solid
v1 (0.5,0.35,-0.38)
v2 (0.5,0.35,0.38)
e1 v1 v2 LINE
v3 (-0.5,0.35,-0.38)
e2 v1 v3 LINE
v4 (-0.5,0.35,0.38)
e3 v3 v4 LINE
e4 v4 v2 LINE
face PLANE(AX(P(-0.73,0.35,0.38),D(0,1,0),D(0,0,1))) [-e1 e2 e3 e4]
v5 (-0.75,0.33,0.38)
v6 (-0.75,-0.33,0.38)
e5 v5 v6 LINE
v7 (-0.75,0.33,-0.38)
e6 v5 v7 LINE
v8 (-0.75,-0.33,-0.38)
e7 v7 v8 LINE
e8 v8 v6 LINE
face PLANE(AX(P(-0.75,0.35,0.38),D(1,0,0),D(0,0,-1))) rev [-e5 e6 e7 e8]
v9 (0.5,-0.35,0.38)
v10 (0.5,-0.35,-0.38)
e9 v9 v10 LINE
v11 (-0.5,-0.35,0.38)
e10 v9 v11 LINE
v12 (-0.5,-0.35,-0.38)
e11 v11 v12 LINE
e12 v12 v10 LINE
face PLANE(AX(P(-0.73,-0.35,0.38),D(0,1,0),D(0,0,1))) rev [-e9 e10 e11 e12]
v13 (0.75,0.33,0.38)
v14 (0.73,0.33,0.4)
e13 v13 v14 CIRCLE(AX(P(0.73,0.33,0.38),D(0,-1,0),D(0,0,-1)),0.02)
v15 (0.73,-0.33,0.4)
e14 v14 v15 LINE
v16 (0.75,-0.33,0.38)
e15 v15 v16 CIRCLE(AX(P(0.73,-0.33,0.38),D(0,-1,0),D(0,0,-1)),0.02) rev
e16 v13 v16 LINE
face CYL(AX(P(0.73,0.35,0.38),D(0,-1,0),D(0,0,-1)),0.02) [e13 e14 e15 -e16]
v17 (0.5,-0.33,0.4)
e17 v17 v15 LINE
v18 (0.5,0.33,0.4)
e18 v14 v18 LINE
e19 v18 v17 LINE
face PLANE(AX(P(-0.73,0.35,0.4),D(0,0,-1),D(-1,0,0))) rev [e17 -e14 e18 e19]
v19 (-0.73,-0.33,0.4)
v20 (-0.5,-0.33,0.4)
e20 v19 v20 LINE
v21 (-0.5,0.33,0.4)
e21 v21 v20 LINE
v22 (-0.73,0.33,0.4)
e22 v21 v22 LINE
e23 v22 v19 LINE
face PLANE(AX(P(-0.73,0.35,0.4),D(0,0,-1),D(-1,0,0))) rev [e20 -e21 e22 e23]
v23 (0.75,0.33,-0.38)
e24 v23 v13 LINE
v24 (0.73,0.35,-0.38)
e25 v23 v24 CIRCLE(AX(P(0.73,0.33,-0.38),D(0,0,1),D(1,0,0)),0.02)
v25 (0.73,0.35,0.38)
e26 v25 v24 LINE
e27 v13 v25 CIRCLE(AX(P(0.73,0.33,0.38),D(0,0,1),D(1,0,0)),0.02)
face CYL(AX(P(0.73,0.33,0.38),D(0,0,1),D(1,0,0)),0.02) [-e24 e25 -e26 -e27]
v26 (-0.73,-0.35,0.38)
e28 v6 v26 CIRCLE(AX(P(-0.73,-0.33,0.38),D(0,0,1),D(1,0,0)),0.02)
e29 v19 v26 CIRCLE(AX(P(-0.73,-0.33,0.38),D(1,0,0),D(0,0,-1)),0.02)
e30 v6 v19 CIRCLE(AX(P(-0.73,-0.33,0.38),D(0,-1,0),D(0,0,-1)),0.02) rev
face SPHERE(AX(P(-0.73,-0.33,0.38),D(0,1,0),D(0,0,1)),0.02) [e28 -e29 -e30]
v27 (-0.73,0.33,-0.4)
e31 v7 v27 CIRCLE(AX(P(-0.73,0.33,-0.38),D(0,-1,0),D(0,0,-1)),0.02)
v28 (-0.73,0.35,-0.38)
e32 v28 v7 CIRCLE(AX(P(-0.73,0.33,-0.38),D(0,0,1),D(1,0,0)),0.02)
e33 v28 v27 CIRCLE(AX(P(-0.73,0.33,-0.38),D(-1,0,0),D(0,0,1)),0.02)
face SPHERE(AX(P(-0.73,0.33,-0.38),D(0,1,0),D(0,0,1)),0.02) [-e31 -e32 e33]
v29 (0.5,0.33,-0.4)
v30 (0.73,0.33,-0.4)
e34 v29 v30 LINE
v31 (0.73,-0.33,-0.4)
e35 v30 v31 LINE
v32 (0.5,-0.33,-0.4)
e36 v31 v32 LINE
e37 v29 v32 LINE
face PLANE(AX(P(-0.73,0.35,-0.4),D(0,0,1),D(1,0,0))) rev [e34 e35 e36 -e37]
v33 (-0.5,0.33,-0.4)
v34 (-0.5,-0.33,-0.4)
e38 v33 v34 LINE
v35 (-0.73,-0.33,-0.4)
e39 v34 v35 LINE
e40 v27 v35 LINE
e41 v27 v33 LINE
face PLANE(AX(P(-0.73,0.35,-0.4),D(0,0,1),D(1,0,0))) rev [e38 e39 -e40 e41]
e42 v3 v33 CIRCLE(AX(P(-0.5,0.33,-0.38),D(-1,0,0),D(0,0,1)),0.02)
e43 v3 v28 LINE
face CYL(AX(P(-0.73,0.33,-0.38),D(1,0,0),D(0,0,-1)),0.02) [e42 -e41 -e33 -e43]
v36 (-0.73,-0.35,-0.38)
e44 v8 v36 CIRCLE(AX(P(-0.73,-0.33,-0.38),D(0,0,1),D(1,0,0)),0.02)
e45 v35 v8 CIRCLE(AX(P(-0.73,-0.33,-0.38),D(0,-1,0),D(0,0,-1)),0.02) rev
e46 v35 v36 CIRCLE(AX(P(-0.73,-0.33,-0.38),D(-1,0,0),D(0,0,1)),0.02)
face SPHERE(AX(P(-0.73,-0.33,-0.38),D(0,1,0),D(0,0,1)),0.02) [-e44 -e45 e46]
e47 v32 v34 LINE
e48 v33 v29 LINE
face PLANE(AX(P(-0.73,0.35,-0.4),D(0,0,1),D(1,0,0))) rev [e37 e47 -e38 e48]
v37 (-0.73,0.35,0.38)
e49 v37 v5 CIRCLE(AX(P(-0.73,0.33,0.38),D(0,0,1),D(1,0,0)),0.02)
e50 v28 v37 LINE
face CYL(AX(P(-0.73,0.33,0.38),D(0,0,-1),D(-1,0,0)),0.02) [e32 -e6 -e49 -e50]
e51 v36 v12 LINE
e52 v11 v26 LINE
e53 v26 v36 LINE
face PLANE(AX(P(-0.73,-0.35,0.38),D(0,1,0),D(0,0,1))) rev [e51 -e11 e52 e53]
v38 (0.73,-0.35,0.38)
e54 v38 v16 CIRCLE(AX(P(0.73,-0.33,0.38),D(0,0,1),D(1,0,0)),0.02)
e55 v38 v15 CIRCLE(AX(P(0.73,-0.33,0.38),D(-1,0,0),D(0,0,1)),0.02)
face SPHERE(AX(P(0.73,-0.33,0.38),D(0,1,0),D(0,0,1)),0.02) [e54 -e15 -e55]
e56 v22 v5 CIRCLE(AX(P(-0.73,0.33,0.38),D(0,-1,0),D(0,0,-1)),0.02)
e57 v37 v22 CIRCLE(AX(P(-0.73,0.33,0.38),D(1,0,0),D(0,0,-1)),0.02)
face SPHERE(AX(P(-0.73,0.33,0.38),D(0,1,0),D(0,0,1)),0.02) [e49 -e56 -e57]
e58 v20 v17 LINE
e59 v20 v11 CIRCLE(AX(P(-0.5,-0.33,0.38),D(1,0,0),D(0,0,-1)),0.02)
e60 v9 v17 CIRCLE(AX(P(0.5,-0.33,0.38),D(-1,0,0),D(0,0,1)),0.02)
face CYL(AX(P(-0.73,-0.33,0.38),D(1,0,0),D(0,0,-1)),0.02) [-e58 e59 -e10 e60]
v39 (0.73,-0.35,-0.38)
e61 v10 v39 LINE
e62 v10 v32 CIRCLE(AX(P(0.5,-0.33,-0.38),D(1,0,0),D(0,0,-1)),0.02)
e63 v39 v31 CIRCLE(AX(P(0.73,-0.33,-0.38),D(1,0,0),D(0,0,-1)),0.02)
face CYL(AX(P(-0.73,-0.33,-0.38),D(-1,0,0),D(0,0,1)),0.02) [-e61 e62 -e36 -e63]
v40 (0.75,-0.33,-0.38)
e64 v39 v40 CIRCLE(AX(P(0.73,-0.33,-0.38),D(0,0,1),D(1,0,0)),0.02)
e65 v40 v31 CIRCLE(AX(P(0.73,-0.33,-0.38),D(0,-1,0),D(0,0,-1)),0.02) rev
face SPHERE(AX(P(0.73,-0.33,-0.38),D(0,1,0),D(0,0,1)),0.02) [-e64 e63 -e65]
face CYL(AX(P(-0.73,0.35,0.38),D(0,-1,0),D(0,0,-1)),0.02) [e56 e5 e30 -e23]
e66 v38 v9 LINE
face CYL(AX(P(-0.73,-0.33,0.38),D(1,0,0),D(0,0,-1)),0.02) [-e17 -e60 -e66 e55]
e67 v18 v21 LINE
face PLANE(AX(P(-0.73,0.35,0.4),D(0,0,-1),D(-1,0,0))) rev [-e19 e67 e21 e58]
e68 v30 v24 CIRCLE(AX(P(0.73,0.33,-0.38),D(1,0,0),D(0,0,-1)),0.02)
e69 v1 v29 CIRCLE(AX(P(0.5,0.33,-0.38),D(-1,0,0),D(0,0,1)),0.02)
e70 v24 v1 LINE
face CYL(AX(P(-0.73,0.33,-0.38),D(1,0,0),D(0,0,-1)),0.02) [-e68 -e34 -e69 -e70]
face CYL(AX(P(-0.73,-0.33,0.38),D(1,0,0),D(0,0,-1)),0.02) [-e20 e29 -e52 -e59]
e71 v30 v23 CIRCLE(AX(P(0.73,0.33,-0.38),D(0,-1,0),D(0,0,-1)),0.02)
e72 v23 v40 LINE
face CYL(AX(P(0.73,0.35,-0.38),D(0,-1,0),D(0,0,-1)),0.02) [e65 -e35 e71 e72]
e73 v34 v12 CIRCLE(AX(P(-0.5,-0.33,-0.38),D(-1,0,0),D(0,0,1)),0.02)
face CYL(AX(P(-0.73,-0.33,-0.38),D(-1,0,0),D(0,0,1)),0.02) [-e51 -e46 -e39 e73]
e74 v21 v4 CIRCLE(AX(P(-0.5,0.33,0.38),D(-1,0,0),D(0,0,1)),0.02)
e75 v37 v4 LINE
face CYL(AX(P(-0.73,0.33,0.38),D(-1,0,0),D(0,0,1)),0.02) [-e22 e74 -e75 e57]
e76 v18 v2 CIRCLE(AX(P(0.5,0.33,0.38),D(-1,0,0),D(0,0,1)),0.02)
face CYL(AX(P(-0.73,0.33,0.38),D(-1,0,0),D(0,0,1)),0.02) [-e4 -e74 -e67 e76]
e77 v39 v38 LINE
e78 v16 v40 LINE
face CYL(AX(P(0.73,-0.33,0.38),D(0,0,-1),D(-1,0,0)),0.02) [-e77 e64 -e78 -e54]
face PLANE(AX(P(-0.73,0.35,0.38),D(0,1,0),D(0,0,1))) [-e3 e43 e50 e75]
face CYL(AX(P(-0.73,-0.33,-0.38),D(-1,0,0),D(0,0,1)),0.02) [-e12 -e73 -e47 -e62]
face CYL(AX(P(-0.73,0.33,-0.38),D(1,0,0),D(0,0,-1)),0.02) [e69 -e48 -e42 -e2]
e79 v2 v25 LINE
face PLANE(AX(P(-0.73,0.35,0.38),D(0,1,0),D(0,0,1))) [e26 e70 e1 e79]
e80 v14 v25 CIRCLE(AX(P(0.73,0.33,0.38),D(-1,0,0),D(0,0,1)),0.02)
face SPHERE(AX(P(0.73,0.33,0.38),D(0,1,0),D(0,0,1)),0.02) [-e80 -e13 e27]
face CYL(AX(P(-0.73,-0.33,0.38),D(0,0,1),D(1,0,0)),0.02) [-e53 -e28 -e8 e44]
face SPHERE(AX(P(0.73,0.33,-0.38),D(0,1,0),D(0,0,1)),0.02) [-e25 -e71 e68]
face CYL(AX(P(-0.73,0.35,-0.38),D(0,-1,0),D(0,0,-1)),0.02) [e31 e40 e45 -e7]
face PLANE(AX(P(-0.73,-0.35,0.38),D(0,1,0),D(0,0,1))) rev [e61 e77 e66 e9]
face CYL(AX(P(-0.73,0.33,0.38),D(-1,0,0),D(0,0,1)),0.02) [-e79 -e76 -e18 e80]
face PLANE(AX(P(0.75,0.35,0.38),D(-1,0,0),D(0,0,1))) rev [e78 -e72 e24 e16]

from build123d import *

# Parameters (mm, degrees)
BOSS_EXTRUDE1_DEPTH = 0.35
FILLET2_R           = 0.02


with BuildPart() as part:
    # Sketch1 → Boss-Extrude1 (new body, symmetric)
    with BuildSketch(Plane(origin=(0, 0, 0), x_dir=(1, 0, 0), z_dir=(0, 1, 0))):
        with BuildLine():
            Line((-0.73, -0.4), (0.73, -0.4))
            ThreePointArc((0.73, -0.4), (0.744142136, -0.394142136), (0.75, -0.38))
            Line((0.75, -0.38), (0.75, 0.38))
            ThreePointArc((0.75, 0.38), (0.744142136, 0.394142136), (0.73, 0.4))
            Line((0.73, 0.4), (-0.73, 0.4))
            ThreePointArc((-0.73, 0.4), (-0.744142136, 0.394142136), (-0.75, 0.38))
            Line((-0.75, 0.38), (-0.75, -0.38))
            ThreePointArc((-0.75, -0.38), (-0.744142136, -0.394142136), (-0.73, -0.4))
        make_face()
    extrude(amount=BOSS_EXTRUDE1_DEPTH, both=True)

    # Fillet2
    fillet2_edges = [part.edges().sort_by_distance(p)[0] for p in [
        (0.744142136, 0.35, 0.394142136),
        (0, -0.35, 0.4),
        (-0.744142136, -0.35, 0.394142136),
        (0.75, 0.35, 0),
        (0.744142136, 0.35, -0.394142136),
        (0, 0.35, -0.4),
        (-0.744142136, 0.35, -0.394142136),
        (-0.75, 0.35, 0),
        (0, 0.35, 0.4),
        (0, 0.35, -0.4),
        (0, 0.35, -0.4),
        (0, 0.35, 0.4),
        (0, -0.35, 0.4),
        (0, -0.35, 0.4),
        (0, -0.35, -0.4),
        (0, -0.35, -0.4),
        (-0.744142136, 0.35, 0.394142136),
        (0, 0.35, 0.4),
        (-0.75, -0.35, 0),
        (-0.744142136, -0.35, -0.394142136),
        (0, -0.35, -0.4),
        (0.744142136, -0.35, -0.394142136),
        (0.75, -0.35, 0),
        (0.744142136, -0.35, 0.394142136),
    ]]
    fillet(fillet2_edges, radius=FILLET2_R)


solid = part.part
